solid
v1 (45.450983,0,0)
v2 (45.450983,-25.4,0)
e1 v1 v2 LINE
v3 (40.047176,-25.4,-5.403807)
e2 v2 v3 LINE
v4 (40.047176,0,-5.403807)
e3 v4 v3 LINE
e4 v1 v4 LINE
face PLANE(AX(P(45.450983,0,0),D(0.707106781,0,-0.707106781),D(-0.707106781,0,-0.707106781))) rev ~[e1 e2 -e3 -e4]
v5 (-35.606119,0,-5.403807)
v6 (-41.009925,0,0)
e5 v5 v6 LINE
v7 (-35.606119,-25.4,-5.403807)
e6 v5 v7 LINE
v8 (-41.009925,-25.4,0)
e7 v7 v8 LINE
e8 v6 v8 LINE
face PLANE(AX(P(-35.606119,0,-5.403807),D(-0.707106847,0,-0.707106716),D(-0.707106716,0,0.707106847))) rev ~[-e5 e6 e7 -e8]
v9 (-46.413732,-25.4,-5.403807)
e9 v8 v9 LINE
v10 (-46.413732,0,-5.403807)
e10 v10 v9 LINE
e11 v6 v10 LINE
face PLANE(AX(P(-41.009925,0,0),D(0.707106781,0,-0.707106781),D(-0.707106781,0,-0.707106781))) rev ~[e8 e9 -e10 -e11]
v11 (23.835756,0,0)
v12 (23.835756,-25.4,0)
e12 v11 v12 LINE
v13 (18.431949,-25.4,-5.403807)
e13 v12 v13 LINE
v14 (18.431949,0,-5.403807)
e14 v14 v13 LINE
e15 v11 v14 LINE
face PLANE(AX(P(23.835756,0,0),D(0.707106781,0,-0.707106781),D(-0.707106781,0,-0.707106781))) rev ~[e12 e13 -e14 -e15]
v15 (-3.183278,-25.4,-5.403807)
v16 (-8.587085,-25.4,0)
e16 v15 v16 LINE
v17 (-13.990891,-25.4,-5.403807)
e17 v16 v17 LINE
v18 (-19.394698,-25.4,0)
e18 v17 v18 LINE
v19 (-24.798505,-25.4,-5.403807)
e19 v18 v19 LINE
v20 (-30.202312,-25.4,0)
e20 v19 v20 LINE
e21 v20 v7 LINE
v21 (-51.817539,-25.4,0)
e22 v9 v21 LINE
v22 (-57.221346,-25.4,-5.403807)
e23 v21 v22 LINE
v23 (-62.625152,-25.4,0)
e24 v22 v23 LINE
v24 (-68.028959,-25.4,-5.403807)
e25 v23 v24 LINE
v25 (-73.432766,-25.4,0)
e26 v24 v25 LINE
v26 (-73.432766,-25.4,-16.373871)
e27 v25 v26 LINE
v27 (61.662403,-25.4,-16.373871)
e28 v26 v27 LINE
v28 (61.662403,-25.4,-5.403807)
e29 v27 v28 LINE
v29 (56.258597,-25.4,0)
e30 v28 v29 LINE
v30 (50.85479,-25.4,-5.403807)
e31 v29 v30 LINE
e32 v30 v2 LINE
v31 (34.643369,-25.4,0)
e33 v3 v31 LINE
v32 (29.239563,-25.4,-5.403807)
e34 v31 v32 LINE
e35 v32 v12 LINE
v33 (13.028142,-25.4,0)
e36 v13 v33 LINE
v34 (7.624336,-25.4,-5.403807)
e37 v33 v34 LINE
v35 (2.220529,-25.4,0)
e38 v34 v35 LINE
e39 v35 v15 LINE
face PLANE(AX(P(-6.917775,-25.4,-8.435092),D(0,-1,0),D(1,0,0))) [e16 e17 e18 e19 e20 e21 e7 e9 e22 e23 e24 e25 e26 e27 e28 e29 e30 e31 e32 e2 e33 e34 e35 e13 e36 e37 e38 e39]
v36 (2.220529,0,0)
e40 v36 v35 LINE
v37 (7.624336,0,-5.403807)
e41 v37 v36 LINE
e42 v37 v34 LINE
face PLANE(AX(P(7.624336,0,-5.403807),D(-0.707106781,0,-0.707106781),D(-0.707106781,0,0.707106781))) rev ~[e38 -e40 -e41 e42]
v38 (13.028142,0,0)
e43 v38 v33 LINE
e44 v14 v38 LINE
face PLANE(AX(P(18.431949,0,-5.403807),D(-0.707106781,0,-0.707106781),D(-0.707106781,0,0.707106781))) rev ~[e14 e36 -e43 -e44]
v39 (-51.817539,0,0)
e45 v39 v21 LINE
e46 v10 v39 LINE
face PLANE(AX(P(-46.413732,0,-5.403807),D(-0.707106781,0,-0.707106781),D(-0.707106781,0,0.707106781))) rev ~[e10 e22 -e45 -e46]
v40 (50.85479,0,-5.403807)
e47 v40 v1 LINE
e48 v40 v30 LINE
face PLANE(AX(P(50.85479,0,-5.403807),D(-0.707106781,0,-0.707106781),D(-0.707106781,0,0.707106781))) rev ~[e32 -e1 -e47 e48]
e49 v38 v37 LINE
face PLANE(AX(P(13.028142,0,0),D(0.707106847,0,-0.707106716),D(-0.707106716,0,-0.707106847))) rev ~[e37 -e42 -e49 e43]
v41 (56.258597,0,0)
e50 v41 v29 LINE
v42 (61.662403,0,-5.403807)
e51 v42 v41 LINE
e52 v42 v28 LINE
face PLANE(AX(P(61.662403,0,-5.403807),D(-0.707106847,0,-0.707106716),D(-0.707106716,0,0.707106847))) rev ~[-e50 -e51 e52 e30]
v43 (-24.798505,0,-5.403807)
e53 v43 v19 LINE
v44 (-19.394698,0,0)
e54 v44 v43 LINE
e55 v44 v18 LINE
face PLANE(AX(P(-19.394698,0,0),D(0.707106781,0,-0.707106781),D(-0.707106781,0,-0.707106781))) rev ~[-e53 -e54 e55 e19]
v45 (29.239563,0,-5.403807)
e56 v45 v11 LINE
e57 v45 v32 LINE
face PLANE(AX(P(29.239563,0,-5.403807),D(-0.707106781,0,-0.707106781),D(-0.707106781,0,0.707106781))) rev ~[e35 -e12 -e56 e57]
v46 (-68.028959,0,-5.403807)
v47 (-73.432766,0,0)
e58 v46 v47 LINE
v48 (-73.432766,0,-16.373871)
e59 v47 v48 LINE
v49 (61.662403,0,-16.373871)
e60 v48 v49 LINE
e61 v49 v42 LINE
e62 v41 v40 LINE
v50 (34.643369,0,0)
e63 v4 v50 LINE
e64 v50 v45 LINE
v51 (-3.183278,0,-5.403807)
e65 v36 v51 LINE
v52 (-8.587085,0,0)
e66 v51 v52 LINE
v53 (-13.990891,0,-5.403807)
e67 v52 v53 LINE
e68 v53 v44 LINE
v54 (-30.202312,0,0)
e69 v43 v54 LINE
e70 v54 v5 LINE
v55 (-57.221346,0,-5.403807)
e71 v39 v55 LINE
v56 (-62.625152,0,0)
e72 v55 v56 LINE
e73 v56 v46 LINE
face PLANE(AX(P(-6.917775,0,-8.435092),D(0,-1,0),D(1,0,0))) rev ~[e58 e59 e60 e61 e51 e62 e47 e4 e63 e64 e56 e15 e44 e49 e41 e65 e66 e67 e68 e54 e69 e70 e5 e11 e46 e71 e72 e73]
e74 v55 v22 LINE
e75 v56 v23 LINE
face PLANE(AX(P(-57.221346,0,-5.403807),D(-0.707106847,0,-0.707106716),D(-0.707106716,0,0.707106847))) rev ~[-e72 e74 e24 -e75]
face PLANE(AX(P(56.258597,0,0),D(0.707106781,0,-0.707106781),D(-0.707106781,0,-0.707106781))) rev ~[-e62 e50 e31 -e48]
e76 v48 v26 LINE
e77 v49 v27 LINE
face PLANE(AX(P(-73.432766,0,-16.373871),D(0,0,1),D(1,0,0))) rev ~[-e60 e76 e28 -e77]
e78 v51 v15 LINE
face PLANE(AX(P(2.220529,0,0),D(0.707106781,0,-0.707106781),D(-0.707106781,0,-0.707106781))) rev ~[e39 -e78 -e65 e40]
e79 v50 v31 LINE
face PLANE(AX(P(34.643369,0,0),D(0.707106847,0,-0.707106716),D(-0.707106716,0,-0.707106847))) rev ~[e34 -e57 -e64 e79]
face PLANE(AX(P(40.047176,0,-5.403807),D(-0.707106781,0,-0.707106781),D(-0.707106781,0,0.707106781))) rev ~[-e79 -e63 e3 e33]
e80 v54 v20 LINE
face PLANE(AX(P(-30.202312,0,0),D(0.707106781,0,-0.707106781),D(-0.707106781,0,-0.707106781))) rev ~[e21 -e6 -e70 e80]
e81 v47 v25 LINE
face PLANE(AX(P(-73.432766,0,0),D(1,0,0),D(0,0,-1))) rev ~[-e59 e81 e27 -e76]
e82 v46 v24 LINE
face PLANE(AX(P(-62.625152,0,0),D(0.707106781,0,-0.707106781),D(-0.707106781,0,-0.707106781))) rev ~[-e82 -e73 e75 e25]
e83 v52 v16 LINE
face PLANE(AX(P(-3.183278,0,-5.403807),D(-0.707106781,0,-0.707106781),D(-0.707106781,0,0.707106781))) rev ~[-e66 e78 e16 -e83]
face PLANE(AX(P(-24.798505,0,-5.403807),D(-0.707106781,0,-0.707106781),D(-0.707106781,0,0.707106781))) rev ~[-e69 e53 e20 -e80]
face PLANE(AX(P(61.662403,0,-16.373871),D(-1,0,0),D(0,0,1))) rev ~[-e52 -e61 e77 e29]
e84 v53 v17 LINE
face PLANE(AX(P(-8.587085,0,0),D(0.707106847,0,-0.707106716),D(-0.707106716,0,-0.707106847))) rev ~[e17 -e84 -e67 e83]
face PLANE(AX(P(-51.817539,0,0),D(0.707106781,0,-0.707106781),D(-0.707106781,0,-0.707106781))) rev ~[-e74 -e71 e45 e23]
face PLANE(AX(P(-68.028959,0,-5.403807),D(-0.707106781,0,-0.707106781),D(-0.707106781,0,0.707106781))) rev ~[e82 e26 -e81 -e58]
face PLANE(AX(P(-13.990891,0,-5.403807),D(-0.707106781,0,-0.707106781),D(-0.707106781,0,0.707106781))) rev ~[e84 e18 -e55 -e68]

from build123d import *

# Parameters (mm, degrees)
F1_DEPTH = 25.4


with BuildPart() as f1:
    # F0 (on Front) → F1 (new body)
    with BuildSketch(Plane.XZ):
        Polygon((-73.432766, 0), (-73.432766, -16.373871), (61.662403, -16.373871), (61.662403, -5.403807), (56.258597, 0), (50.85479, -5.403807), (45.450983, 0), (40.047176, -5.403807), (34.643369, 0), (29.239563, -5.403807), (23.835756, 0), (18.431949, -5.403807), (13.028142, 0), (7.624336, -5.403807), (2.220529, 0), (-3.183278, -5.403807), (-8.587085, 0), (-13.990891, -5.403807), (-19.394698, 0), (-24.798505, -5.403807), (-30.202312, 0), (-35.606119, -5.403807), (-41.009925, 0), (-46.413732, -5.403807), (-51.817539, 0), (-57.221346, -5.403807), (-62.625152, 0), (-68.028959, -5.403807), align=None)
    extrude(amount=F1_DEPTH)


solid = f1.part
